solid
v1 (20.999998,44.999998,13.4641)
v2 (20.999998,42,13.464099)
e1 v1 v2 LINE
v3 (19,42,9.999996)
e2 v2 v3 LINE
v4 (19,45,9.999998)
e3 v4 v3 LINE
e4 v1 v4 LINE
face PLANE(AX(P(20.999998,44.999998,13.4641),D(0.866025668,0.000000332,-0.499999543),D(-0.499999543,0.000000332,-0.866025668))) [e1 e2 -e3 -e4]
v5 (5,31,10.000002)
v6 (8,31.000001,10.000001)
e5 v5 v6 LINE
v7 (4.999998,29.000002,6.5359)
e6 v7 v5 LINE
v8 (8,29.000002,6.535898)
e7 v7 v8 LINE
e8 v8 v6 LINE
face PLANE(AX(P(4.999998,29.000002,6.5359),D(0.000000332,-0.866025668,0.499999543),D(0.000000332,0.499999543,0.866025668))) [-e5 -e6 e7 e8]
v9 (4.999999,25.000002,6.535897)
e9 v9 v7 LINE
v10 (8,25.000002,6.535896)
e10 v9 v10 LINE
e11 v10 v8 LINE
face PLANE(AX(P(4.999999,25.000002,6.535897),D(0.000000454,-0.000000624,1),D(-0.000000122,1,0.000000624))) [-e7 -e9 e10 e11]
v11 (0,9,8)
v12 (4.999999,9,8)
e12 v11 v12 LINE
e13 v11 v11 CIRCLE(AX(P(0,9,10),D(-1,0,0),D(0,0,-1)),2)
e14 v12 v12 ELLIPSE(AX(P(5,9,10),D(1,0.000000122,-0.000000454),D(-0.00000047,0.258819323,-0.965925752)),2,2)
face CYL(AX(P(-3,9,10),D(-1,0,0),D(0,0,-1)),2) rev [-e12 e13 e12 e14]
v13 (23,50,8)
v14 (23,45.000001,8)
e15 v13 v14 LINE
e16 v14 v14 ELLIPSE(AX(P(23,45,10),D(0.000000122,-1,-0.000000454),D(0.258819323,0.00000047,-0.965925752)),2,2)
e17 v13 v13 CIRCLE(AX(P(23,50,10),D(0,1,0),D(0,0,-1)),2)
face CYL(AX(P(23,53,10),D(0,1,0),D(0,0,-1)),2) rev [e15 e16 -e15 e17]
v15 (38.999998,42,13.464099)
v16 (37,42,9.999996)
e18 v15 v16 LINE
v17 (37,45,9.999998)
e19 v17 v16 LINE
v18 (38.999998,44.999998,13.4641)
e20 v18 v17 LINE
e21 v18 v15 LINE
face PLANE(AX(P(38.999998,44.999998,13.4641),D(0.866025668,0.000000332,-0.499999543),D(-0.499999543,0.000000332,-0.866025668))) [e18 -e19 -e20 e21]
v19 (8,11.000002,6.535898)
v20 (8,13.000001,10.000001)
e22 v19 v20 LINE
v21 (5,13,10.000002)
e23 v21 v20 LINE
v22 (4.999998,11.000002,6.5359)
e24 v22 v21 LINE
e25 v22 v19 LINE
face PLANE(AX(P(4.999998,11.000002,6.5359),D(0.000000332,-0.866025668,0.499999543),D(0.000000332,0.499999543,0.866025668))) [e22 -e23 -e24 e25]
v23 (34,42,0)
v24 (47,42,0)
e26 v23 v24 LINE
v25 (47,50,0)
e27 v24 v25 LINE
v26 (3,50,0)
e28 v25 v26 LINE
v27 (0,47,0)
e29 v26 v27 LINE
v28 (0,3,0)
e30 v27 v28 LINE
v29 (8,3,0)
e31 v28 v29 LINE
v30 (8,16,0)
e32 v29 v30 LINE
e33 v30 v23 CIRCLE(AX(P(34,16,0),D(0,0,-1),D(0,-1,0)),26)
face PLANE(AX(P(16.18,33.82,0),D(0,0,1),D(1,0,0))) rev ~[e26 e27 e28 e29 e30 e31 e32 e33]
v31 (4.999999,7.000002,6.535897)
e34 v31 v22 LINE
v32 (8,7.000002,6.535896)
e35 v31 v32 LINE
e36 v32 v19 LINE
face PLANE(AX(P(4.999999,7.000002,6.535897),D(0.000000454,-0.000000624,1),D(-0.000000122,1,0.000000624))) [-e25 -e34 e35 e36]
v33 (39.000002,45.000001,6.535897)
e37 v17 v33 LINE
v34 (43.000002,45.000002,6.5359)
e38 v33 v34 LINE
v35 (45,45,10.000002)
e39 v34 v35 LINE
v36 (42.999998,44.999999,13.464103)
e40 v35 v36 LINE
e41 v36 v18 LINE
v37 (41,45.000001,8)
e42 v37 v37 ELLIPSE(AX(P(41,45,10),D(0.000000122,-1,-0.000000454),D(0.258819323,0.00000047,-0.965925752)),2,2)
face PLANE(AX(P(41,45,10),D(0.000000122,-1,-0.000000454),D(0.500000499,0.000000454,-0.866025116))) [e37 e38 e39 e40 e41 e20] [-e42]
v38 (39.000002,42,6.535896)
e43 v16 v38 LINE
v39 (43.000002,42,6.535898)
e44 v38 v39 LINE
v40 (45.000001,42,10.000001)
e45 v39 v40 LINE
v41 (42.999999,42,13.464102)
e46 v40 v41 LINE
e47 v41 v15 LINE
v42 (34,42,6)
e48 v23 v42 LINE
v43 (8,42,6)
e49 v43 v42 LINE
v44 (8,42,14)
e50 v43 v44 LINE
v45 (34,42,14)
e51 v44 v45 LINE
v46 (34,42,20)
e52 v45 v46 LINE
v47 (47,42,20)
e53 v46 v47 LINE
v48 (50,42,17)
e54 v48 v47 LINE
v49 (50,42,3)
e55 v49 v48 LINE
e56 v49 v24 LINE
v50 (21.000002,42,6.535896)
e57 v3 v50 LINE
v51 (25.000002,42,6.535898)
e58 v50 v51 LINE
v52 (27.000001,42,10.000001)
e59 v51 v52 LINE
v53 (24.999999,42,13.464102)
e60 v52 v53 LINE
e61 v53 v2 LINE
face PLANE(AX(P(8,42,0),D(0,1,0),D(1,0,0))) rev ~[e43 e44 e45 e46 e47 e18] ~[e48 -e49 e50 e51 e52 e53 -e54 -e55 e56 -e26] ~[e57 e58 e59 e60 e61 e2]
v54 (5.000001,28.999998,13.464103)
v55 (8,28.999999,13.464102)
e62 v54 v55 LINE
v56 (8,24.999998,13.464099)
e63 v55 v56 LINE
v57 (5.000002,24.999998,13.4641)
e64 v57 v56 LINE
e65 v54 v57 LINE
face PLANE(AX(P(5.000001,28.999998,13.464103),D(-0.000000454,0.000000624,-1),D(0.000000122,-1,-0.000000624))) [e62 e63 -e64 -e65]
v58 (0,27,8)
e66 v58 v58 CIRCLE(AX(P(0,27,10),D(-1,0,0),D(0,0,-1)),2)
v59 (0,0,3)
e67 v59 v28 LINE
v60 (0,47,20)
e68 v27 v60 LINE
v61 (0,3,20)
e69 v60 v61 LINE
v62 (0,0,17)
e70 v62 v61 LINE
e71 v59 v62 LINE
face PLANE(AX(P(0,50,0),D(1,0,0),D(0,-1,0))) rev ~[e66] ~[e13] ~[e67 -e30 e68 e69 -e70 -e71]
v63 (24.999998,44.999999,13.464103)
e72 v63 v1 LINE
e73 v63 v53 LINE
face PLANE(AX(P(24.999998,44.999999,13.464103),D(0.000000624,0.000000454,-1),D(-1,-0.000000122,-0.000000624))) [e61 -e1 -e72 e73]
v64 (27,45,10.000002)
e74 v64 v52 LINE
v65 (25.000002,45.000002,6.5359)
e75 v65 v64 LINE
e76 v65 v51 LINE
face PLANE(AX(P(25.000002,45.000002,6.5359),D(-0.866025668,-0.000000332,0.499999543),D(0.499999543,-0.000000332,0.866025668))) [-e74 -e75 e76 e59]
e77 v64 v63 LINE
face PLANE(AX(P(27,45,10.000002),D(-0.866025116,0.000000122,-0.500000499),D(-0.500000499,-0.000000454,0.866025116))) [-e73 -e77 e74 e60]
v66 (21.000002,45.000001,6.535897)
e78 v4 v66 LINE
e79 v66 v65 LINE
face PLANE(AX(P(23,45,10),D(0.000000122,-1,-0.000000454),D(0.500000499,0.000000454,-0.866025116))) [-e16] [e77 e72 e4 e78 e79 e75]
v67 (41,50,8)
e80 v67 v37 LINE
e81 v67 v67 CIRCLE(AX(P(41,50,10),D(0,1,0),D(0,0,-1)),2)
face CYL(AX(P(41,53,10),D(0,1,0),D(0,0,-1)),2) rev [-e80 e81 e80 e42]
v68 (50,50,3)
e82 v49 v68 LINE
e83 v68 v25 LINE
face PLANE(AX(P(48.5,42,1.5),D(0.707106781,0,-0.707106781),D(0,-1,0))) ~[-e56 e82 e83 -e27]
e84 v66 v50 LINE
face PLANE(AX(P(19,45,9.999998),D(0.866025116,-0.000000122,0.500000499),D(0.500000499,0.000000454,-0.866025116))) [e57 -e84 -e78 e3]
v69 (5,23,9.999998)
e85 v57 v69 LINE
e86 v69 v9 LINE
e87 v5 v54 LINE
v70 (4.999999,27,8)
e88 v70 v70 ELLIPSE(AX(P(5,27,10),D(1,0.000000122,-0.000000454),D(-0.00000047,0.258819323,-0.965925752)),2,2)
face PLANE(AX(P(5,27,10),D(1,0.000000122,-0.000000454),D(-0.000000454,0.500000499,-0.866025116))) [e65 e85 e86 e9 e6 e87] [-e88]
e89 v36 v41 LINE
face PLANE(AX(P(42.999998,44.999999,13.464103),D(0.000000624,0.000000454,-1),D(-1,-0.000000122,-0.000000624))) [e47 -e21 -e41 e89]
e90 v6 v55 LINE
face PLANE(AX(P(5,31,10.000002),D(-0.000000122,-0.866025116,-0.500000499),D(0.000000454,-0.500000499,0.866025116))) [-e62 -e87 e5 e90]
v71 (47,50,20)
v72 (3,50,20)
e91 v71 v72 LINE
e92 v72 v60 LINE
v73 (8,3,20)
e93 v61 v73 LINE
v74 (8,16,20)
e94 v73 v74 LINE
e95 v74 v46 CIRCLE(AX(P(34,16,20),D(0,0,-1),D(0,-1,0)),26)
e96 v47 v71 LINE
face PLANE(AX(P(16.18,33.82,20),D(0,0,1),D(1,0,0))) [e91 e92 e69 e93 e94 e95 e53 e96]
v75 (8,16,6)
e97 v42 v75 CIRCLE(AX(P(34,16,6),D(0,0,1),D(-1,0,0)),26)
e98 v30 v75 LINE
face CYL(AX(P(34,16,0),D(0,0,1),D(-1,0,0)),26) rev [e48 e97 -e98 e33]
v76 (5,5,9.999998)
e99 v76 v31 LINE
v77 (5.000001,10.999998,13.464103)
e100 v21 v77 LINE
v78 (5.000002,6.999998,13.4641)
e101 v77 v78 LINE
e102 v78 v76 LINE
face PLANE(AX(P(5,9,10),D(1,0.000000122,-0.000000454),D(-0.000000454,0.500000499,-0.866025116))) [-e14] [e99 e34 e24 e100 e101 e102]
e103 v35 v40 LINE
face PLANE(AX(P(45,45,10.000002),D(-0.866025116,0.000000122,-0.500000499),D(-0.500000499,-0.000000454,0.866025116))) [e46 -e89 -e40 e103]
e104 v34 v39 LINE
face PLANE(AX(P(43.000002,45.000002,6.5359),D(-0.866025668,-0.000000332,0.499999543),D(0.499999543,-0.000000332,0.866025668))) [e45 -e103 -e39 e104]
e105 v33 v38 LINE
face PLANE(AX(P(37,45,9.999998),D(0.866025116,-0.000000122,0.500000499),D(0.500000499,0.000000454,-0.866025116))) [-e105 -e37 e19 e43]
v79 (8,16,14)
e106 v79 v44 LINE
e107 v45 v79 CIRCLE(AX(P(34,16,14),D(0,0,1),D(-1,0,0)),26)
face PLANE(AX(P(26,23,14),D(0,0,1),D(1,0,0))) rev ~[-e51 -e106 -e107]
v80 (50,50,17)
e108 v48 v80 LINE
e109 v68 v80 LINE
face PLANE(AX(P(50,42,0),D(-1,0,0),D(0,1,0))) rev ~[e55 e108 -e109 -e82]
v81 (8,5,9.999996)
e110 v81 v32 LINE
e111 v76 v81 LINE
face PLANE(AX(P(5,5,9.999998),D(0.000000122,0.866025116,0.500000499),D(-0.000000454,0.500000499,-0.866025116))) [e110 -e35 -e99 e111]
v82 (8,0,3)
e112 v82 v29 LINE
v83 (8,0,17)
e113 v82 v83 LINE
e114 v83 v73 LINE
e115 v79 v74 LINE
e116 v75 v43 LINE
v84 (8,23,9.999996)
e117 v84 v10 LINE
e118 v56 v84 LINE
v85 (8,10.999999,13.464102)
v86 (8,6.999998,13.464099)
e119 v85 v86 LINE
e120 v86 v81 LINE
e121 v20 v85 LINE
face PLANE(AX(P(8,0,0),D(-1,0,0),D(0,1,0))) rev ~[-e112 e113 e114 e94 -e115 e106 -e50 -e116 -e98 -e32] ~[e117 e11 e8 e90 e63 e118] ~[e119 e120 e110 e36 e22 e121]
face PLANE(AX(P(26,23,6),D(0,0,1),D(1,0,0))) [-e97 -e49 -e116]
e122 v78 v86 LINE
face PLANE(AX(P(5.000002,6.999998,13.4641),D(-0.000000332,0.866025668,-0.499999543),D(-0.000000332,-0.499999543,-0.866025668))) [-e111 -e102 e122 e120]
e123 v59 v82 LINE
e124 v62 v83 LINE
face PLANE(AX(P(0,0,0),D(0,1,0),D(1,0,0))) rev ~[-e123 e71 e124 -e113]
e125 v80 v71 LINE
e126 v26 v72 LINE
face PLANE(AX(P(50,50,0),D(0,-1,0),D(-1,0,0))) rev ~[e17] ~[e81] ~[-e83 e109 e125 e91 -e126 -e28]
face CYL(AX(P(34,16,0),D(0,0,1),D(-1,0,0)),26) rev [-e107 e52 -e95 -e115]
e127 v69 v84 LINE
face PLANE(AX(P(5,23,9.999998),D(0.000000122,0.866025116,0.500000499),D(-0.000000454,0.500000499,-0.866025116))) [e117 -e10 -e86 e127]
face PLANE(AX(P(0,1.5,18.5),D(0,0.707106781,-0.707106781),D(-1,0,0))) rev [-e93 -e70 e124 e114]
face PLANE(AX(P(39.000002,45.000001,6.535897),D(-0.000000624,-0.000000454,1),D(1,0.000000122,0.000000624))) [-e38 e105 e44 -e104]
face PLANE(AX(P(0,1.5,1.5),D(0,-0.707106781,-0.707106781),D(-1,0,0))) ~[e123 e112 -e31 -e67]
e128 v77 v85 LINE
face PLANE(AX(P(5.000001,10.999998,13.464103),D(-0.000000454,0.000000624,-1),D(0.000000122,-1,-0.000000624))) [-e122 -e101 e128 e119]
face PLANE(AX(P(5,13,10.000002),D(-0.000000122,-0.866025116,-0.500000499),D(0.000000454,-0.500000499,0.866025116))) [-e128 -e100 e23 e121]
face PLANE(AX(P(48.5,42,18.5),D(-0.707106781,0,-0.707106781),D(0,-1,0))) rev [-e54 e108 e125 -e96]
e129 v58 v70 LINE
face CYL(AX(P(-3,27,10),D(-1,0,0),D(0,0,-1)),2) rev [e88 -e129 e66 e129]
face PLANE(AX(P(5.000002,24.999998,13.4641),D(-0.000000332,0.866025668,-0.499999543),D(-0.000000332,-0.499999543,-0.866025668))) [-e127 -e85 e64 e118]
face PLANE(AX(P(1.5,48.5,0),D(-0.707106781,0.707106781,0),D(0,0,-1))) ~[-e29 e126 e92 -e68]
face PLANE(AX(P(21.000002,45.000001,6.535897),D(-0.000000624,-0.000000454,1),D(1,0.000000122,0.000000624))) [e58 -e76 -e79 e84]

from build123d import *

# Parameters (mm, degrees)
PRISM001_DEPTH            = 14
PRISM001_ROLL_ANGLE       = 90.000052
PRISM001_PITCH_ANGLE      = 59.999967
PRISM001_PLACEMENT_ANGLE  = 90.000052
CYLINDER_R                = 2
CYLINDER_DEPTH            = 20
CYLINDER_PITCH_ANGLE      = 90
FUSION002_PLACEMENT_ANGLE = -90
FUSION003_PLACEMENT_ANGLE = -90
BOX_W                     = 36
BOX_H                     = 38
BOX_DEPTH                 = 8
PAD_DEPTH                 = 20
CHAMFER_SIZE              = 3
FILLET_R                  = 26


with BuildPart() as prism001:
    # Prism001 → Prism001 (new body)
    with BuildSketch(Plane.XY):
        Polygon((4, 0), (2, 3.464102), (-2, 3.464102), (-4, 0), (-2, -3.464102), (2, -3.464102), align=None)
    extrude(amount=PRISM001_DEPTH)


with BuildPart() as prism001_1:
    # Prism001 roll: moved
    add(prism001.part.rotate(Axis((0, 0, 0), (1, 0, 0)), PRISM001_ROLL_ANGLE))


with BuildPart() as prism001_2:
    # Prism001 pitch: moved
    add(prism001_1.part.rotate(Axis((0, 0, 0), (0, 1, 0)), PRISM001_PITCH_ANGLE))


with BuildPart() as prism001_3:
    # Prism001 placement: moved
    add(prism001_2.part.moved(Location((5, 9, 10))).rotate(Axis((5, 9, 10), (0, 0, 1)), PRISM001_PLACEMENT_ANGLE))


with BuildPart() as cylinder:
    # Cylinder → Cylinder (new body)
    with BuildSketch(Plane.XY):
        Circle(CYLINDER_R)
    extrude(amount=CYLINDER_DEPTH)


with BuildPart() as cylinder_1:
    # Cylinder pitch: moved
    add(cylinder.part.rotate(Axis((0, 0, 0), (0, 1, 0)), CYLINDER_PITCH_ANGLE))


with BuildPart() as cylinder_2:
    # Cylinder placement: moved
    add(cylinder_1.part.moved(Location((-3, 9, 10))))


with BuildPart() as fusion002:
    # Fusion002 base: copy of Cylinder
    add(cylinder_2.part)

    # Fusion002: union Prism001
    add(prism001_3.part)


with BuildPart() as fusion002_1:
    # Fusion002 placement: moved
    add(fusion002.part.moved(Location((14, 50, 0))).rotate(Axis((14, 50, 0), (0, 0, 1)), FUSION002_PLACEMENT_ANGLE))


with BuildPart() as fusion:
    # Fusion base: copy of Cylinder
    add(cylinder_2.part)

    # Fusion: union Prism001
    add(prism001_3.part)


with BuildPart() as fusion_1:
    # Fusion placement: moved
    add(fusion.part.moved(Location((0, 18, 0))))


with BuildPart() as fusion001:
    # Fusion001 base: copy of Cylinder
    add(cylinder_2.part)

    # Fusion001: union Prism001
    add(prism001_3.part)


with BuildPart() as fusion004:
    # Fusion003 base: copy of Cylinder
    add(cylinder_2.part)

    # Fusion003: union Prism001
    add(prism001_3.part)


with BuildPart() as fusion004_1:
    # Fusion003 placement: moved
    add(fusion004.part.moved(Location((32, 50, 0))).rotate(Axis((32, 50, 0), (0, 0, 1)), FUSION003_PLACEMENT_ANGLE))

    # Fusion004: union Fusion002, Fusion, Fusion001
    add(fusion002_1.part)
    add(fusion_1.part)
    add(fusion001.part)


with BuildPart() as cube:
    # Box → Box (new body)
    with BuildSketch(Plane(origin=(8, 4, 6), x_dir=(1, 0, 0), z_dir=(0, 0, 1))):
        with Locations((18, 19)):
            Rectangle(BOX_W, BOX_H)
    extrude(amount=BOX_DEPTH)


with BuildPart() as cut001:
    # Sketch → Pad (new body)
    with BuildSketch(Plane.XY):
        Polygon((0, 0), (8, 0), (8, 42), (50, 42), (50, 50), (0, 50), align=None)
    extrude(amount=PAD_DEPTH)

    # Chamfer
    chamfer_edges = [cut001.edges().sort_by_distance(p)[0] for p in [
        (4, 0, 0),
        (4, 0, 20),
        (50, 46, 0),
        (50, 46, 20),
        (0, 50, 10),
    ]]
    chamfer(chamfer_edges, length=CHAMFER_SIZE)

    # Fillet
    fillet_edges = [cut001.edges().sort_by_distance(p)[0] for p in [
        (8, 42, 10),
    ]]
    fillet(fillet_edges, radius=FILLET_R)

    # Cut: cut Cube
    add(cube.part, mode=Mode.SUBTRACT)

    # Cut001: cut Fusion004
    add(fusion004_1.part, mode=Mode.SUBTRACT)


solid = cut001.part
